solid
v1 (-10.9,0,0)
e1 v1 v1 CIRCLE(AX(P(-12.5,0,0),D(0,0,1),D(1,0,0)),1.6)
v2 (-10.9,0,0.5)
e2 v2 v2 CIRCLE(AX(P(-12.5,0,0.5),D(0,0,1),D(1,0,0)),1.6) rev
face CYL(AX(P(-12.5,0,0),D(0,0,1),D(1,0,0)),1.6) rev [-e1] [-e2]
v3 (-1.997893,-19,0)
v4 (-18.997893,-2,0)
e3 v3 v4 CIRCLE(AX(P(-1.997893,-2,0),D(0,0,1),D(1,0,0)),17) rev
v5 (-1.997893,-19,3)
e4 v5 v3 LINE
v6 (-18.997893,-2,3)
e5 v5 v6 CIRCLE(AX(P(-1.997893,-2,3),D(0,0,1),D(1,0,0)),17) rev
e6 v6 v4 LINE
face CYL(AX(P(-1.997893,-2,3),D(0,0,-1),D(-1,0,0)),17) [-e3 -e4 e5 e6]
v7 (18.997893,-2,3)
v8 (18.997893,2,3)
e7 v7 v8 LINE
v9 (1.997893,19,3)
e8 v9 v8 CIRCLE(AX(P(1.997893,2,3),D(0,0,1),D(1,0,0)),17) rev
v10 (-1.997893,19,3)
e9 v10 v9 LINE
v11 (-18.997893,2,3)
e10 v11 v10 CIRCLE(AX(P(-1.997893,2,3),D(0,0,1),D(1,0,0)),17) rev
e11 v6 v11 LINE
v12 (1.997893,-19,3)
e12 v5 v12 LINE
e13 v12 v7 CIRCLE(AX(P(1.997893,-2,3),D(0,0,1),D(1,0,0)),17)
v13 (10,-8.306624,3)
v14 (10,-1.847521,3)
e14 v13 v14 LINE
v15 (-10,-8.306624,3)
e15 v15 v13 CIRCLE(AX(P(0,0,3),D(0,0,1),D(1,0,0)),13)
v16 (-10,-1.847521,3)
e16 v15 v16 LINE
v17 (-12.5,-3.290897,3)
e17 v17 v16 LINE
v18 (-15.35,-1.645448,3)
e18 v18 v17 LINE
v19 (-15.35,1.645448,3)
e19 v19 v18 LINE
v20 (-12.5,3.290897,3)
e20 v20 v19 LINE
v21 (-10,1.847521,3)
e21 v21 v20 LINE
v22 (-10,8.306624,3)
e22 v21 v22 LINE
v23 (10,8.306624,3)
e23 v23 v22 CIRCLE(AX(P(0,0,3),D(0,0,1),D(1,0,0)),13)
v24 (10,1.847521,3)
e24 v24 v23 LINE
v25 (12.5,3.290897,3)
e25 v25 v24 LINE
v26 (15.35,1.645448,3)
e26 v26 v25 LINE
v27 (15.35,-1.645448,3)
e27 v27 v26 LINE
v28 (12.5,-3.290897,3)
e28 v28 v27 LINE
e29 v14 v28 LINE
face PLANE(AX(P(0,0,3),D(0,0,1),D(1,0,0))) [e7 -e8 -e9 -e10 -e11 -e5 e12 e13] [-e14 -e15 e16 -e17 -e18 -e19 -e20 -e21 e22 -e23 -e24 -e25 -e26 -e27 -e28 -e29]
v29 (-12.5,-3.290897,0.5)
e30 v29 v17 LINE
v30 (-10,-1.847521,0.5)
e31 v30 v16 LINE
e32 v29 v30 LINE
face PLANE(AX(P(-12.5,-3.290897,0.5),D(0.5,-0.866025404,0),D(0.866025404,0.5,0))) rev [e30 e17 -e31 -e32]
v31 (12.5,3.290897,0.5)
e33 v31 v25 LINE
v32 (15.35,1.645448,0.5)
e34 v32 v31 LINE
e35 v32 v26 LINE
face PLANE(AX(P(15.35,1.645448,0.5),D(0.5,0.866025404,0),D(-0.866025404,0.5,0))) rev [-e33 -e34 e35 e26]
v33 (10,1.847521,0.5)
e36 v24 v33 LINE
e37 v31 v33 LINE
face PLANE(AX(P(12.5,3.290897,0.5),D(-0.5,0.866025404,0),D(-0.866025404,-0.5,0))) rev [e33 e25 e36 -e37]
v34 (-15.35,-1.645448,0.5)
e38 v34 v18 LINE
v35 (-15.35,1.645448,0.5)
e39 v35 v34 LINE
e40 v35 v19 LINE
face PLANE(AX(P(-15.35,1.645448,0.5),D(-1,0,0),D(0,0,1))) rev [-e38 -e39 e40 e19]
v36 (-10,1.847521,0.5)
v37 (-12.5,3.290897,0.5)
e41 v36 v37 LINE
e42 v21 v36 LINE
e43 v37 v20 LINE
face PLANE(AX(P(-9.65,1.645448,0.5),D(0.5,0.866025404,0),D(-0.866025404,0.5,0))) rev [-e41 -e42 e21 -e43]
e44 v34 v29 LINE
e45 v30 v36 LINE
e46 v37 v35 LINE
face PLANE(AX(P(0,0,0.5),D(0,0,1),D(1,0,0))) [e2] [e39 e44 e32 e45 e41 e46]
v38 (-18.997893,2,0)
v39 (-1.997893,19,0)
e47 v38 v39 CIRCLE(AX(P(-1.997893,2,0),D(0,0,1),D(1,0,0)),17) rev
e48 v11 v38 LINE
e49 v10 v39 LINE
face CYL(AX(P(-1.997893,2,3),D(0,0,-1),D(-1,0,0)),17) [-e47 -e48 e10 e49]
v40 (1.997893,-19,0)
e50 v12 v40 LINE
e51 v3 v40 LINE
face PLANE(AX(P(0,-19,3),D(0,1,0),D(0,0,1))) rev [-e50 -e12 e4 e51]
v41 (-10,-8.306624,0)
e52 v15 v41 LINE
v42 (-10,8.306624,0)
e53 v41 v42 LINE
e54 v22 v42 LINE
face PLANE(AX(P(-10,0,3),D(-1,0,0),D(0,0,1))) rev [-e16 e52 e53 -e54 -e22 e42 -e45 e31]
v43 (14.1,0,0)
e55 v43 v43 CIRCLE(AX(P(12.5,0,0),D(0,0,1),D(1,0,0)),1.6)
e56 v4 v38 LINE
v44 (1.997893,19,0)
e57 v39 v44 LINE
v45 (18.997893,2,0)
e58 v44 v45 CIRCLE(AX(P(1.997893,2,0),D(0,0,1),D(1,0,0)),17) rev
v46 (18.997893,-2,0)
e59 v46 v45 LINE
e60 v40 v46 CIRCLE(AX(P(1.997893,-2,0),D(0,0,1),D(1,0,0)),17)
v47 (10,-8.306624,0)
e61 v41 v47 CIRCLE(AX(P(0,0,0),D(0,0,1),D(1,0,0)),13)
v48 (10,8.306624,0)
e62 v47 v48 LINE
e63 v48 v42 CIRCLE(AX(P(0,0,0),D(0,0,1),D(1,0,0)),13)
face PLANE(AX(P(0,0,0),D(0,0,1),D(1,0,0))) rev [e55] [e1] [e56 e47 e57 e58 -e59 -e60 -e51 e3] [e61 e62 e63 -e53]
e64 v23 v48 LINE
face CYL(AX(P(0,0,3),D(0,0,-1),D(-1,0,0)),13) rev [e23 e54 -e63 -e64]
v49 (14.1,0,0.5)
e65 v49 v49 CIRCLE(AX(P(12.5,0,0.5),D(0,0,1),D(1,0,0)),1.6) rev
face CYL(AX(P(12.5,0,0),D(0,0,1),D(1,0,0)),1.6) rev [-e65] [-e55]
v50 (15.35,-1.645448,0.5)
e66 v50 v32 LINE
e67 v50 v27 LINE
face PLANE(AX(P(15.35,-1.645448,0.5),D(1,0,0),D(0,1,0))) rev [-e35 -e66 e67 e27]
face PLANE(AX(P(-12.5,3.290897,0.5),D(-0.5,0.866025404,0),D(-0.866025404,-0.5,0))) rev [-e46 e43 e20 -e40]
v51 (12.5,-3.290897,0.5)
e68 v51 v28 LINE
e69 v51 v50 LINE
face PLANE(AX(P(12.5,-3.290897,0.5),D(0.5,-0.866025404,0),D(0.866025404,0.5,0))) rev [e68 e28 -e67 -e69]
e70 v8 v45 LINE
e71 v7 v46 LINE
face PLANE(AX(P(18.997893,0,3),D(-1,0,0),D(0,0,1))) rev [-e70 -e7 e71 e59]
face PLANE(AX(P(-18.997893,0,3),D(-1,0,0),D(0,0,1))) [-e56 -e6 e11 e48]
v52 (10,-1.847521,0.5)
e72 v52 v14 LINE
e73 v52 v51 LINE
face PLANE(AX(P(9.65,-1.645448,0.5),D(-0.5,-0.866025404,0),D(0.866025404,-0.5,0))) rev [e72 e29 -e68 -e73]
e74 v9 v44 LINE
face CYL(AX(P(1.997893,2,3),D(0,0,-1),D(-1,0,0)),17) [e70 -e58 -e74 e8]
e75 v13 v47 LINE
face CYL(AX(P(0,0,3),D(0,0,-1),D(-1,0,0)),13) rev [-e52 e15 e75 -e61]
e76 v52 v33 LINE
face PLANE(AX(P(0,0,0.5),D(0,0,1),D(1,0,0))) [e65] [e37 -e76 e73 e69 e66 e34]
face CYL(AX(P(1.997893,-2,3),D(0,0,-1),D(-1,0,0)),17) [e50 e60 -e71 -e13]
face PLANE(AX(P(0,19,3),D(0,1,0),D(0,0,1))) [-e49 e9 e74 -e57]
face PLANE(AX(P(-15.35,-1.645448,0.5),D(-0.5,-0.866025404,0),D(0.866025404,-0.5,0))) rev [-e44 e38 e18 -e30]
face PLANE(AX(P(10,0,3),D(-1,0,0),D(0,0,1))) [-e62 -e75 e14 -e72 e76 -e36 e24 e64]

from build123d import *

# Parameters (mm, degrees)
BOSS_EXTRUDE5_DEPTH = 3
SKETCH2_R           = 1.6
CUT_EXTRUDE2_DEPTH  = 4
CUT_EXTRUDE3_DEPTH  = 2.5


with BuildPart() as part:
    # Sketch1 → Boss-Extrude5 (new body)
    with BuildSketch(Plane.XY):
        with BuildLine():
            Line((-1.997893001, -19), (1.997893001, -19))
            ThreePointArc((1.997893001, -19), (14.018708281, -14.02081528), (18.997893001, -2))
            Line((18.997893001, -2), (18.997893001, 2))
            ThreePointArc((18.997893001, 2), (14.018708281, 14.02081528), (1.997893001, 19))
            Line((1.997893001, 19), (-1.997893001, 19))
            ThreePointArc((-1.997893001, 19), (-14.018708281, 14.02081528), (-18.997893001, 2))
            Line((-18.997893001, 2), (-18.997893001, -2))
            ThreePointArc((-18.997893001, -2), (-14.018708281, -14.02081528), (-1.997893001, -19))
        make_face()
        with BuildLine():
            Line((-10, -8.306623863), (-10, 8.306623863))
            ThreePointArc((-10, 8.306623863), (0, 13), (10, 8.306623863))
            Line((10, 8.306623863), (10, -8.306623863))
            ThreePointArc((10, -8.306623863), (0, -13), (-10, -8.306623863))
        make_face(mode=Mode.SUBTRACT)
    extrude(amount=BOSS_EXTRUDE5_DEPTH)

    # Sketch2 → Cut-Extrude2 (cut, through all)
    with BuildSketch(Plane.XY.offset(3)):
        with Locations((-12.5, 0)):
            Circle(SKETCH2_R)
        with Locations((12.5, 0)):
            Circle(SKETCH2_R)
    extrude(amount=-CUT_EXTRUDE2_DEPTH, mode=Mode.SUBTRACT)

    # Sketch3 → Cut-Extrude3 (cut)
    with BuildSketch(Plane.XY.offset(3)):
        Polygon((-12.5, 3.290896534), (-15.35, 1.645448267), (-15.35, -1.645448267), (-12.5, -3.290896534), (-9.65, -1.645448267), (-9.65, 1.645448267), align=None)
        Polygon((12.5, 3.290896534), (9.65, 1.645448267), (9.65, -1.645448267), (12.5, -3.290896534), (15.35, -1.645448267), (15.35, 1.645448267), align=None)
    extrude(amount=-CUT_EXTRUDE3_DEPTH, mode=Mode.SUBTRACT)


solid = part.part
